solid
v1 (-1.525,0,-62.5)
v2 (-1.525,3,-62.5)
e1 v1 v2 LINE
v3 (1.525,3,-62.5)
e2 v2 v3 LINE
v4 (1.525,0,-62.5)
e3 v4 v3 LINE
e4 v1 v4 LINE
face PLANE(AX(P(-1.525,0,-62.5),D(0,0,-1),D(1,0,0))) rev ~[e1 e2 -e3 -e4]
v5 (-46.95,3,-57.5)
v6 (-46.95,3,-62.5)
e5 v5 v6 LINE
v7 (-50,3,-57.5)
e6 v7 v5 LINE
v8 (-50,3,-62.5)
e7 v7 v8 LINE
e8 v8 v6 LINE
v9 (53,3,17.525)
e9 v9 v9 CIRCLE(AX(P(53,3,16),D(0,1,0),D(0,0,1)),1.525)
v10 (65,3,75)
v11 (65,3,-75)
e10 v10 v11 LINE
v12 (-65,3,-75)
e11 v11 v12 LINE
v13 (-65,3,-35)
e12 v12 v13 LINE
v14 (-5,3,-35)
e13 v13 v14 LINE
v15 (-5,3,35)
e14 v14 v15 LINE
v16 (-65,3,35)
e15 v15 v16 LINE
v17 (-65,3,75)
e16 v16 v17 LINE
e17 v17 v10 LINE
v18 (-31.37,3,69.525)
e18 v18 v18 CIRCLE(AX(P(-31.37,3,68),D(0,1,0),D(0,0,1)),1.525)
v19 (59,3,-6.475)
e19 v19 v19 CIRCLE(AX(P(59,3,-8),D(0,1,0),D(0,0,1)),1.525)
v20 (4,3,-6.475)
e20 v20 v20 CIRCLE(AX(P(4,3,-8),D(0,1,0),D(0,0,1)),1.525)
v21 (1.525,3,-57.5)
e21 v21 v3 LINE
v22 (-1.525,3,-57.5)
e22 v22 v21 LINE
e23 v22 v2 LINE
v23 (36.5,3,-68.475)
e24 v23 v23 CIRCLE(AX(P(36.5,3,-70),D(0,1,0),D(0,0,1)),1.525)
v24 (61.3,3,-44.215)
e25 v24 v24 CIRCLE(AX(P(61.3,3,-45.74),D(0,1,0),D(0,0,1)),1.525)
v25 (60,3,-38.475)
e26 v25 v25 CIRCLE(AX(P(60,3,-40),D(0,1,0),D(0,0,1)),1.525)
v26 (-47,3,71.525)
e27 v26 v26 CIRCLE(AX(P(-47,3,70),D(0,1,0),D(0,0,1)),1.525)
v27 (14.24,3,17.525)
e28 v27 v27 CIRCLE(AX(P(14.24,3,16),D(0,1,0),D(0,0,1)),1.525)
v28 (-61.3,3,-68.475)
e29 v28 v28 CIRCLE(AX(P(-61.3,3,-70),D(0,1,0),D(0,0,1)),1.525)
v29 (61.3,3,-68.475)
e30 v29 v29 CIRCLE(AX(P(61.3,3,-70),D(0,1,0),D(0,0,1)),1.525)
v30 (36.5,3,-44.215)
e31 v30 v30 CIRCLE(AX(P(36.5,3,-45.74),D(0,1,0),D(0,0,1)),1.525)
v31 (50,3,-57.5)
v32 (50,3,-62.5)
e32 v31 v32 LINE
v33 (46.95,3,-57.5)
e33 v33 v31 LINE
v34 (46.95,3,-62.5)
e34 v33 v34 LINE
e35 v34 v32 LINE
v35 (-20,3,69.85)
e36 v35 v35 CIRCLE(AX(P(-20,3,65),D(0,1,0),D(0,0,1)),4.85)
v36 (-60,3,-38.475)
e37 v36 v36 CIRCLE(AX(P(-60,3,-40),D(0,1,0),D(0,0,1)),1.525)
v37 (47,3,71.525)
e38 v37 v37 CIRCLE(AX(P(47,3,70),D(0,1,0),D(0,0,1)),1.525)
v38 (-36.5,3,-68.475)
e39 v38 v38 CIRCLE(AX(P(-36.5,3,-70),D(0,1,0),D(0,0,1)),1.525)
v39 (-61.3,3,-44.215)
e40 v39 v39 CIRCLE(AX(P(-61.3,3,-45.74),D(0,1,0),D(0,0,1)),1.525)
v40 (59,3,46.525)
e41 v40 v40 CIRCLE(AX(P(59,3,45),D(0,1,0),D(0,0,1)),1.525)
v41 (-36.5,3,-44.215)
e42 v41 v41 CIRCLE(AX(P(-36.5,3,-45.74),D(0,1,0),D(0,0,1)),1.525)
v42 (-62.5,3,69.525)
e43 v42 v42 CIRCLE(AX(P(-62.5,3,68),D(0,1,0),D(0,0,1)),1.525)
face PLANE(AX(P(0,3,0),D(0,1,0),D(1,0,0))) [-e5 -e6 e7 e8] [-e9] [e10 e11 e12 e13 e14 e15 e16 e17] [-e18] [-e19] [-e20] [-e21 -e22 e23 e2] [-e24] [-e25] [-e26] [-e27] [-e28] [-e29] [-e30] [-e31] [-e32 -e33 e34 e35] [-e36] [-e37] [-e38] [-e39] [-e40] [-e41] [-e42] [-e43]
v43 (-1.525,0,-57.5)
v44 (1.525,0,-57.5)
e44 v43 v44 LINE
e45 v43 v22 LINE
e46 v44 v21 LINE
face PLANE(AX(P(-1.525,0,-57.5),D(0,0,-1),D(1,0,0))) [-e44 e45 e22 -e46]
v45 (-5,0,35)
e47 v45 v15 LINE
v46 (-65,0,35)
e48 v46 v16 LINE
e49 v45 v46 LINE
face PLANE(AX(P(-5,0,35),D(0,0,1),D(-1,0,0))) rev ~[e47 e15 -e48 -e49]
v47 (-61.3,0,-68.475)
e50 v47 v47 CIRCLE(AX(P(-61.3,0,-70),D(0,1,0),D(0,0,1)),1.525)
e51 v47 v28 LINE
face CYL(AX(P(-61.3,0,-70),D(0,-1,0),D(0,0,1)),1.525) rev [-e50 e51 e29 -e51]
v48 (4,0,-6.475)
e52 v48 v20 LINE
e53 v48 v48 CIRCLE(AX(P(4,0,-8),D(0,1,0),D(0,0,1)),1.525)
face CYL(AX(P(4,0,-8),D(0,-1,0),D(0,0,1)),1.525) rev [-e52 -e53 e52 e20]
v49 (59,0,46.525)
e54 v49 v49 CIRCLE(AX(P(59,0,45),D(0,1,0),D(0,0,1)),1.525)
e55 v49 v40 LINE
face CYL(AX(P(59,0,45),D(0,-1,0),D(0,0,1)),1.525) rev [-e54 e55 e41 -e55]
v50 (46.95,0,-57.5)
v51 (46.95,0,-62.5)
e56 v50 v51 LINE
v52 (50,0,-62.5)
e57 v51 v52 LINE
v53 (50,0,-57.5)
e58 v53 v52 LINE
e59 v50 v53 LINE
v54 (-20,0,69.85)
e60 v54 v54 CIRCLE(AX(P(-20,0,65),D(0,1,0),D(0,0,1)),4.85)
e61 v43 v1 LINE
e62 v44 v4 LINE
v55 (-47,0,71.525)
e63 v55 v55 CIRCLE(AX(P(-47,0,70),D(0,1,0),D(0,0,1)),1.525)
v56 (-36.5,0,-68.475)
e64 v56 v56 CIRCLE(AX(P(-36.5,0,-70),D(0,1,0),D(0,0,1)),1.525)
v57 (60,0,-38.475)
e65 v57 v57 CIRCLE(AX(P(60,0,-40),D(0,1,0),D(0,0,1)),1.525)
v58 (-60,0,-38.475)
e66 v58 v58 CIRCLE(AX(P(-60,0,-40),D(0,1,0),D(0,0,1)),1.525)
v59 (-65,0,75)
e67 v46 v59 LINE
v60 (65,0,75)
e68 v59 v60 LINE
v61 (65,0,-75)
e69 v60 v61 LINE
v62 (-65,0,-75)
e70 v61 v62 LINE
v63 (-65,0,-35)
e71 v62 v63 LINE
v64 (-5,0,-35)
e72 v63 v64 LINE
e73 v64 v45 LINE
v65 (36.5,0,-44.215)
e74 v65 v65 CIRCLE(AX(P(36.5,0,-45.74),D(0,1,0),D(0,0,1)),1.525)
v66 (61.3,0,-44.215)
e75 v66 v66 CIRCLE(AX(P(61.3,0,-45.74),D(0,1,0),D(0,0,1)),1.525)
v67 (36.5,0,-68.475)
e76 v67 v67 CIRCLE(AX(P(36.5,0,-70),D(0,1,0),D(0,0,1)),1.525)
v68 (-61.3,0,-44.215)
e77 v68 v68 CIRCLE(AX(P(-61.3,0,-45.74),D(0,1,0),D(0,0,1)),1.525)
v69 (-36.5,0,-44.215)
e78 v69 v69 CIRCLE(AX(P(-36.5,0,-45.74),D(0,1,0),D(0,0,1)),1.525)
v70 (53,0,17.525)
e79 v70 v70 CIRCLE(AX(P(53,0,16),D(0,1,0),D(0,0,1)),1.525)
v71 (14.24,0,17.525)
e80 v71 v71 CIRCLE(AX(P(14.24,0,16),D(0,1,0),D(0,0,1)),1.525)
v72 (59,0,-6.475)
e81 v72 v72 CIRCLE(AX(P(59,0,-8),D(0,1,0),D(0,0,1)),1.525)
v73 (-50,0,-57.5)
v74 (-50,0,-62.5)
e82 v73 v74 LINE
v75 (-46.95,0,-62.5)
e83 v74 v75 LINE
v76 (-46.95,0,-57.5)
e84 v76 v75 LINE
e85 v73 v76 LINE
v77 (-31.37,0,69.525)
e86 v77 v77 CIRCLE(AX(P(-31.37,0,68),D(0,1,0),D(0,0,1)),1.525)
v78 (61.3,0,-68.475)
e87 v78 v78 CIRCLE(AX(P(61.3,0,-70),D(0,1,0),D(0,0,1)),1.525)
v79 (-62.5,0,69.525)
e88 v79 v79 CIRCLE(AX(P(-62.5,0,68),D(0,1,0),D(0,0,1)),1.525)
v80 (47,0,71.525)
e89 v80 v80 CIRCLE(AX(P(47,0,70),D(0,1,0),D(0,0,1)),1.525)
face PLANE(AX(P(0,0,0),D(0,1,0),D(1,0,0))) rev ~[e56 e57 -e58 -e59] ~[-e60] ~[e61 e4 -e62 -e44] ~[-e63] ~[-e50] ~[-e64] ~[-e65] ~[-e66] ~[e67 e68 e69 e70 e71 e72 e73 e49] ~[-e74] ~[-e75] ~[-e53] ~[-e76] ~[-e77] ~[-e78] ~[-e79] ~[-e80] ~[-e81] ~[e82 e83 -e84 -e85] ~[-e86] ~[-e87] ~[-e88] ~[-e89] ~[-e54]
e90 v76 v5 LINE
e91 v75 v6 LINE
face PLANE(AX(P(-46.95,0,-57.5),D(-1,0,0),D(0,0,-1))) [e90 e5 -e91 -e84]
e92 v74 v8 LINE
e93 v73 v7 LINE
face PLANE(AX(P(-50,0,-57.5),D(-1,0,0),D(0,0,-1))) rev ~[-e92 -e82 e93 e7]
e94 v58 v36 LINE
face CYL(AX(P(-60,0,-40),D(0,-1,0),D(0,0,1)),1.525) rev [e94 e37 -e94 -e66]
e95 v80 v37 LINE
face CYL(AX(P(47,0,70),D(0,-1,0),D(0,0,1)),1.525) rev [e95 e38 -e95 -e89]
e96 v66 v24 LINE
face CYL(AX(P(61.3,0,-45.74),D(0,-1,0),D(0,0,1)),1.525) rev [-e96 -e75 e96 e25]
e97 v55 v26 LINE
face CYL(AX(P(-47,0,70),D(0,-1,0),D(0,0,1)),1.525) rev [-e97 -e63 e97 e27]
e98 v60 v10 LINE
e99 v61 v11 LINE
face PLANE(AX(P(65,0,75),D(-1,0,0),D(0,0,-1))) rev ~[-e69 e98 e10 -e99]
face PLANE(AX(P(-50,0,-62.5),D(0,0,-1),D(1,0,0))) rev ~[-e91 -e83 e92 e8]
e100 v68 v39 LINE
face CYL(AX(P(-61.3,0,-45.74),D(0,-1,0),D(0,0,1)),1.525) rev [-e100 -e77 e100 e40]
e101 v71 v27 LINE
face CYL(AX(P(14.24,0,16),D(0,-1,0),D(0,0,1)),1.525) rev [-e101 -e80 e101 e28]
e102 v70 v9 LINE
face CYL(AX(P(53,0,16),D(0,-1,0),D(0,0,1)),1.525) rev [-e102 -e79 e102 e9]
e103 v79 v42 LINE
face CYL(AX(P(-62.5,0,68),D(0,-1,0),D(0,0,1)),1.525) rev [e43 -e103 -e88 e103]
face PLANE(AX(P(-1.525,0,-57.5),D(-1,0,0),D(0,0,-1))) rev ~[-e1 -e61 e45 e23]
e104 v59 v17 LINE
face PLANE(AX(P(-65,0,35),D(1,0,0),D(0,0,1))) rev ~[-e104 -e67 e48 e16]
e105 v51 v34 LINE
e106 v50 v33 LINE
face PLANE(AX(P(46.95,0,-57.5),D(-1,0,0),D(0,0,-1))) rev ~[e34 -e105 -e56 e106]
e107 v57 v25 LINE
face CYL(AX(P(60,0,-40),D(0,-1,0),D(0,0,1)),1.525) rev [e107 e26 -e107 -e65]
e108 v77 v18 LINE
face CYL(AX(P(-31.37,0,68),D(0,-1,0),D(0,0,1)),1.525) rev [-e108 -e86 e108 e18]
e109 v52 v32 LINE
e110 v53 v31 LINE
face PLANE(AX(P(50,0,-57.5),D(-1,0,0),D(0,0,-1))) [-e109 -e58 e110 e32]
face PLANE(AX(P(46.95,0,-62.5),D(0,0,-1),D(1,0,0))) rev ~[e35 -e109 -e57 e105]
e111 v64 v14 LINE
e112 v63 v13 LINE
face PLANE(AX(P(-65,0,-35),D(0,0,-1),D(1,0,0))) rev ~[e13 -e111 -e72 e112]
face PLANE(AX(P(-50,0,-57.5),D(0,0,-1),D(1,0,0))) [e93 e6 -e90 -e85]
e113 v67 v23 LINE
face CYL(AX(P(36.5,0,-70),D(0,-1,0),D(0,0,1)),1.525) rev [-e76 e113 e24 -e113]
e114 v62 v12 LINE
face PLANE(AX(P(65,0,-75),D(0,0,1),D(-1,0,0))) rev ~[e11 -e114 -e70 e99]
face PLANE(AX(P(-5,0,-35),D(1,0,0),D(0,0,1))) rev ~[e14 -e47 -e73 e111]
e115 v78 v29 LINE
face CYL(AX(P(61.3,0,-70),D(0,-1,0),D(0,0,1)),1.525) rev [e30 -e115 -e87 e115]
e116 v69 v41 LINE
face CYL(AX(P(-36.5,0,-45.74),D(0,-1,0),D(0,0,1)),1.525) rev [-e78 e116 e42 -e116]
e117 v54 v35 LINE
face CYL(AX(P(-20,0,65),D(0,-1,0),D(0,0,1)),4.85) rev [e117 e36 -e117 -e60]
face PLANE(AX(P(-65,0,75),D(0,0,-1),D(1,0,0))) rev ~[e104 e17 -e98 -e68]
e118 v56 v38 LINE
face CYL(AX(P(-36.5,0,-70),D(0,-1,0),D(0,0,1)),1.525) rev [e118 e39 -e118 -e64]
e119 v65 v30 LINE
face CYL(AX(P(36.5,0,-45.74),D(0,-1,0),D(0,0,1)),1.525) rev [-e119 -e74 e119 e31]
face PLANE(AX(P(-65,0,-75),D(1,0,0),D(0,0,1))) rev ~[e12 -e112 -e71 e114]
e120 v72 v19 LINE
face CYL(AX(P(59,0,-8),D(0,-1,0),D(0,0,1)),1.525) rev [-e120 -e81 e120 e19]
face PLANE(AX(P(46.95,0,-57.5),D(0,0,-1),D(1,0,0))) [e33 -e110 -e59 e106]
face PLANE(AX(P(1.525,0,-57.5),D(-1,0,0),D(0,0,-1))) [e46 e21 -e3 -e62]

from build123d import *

# Parameters (mm, degrees)
SKETCH1_R           = 1.525
SKETCH1_R_2         = 4.85
SKETCH1_W           = 3.05
SKETCH1_H           = 5
BOSS_EXTRUDE1_DEPTH = 3


with BuildPart() as part:
    # Sketch1 → Boss-Extrude1 (new body)
    with BuildSketch(Plane(origin=(0, 0, 0), x_dir=(1, 0, 0), z_dir=(0, 1, 0))):
        Polygon((-65, -75), (65, -75), (65, -52.5), (65, -47.5), (65, 75), (-65, 75), (-65, 35), (-5, 35), (-5, -35), (-65, -35), (-65, -47.5), (-65, -52.5), align=None)
        with Locations(Location((-61.3, 70, 0), (0, 0, 270))):
            Circle(SKETCH1_R, mode=Mode.SUBTRACT)
        with Locations(Location((-61.3, 45.74, 0), (0, 0, 270))):
            Circle(SKETCH1_R, mode=Mode.SUBTRACT)
        with Locations(Location((-36.5, 70, 0), (0, 0, 270))):
            Circle(SKETCH1_R, mode=Mode.SUBTRACT)
        with Locations(Location((-36.5, 45.74, 0), (0, 0, 270))):
            Circle(SKETCH1_R, mode=Mode.SUBTRACT)
        with Locations(Location((36.5, 45.74, 0), (0, 0, 270))):
            Circle(SKETCH1_R, mode=Mode.SUBTRACT)
        with Locations(Location((36.5, 70, 0), (0, 0, 270))):
            Circle(SKETCH1_R, mode=Mode.SUBTRACT)
        with Locations(Location((61.3, 45.74, 0), (0, 0, 270))):
            Circle(SKETCH1_R, mode=Mode.SUBTRACT)
        with Locations(Location((61.3, 70, 0), (0, 0, 270))):
            Circle(SKETCH1_R, mode=Mode.SUBTRACT)
        with Locations(Location((-47, -70, 0), (0, 0, 270))):
            Circle(SKETCH1_R, mode=Mode.SUBTRACT)
        with Locations(Location((47, -70, 0), (0, 0, 270))):
            Circle(SKETCH1_R, mode=Mode.SUBTRACT)
        with Locations(Location((-60, 40, 0), (0, 0, 270))):
            Circle(SKETCH1_R, mode=Mode.SUBTRACT)
        with Locations(Location((60, 40, 0), (0, 0, 270))):
            Circle(SKETCH1_R, mode=Mode.SUBTRACT)
        with Locations(Location((59, -45, 0), (0, 0, 270))):
            Circle(SKETCH1_R, mode=Mode.SUBTRACT)
        with Locations(Location((4, 8, 0), (0, 0, 270))):
            Circle(SKETCH1_R, mode=Mode.SUBTRACT)
        with Locations(Location((59, 8, 0), (0, 0, 270))):
            Circle(SKETCH1_R, mode=Mode.SUBTRACT)
        with Locations(Location((53, -16, 0), (0, 0, 270))):
            Circle(SKETCH1_R, mode=Mode.SUBTRACT)
        with Locations(Location((14.24, -16, 0), (0, 0, 270))):
            Circle(SKETCH1_R, mode=Mode.SUBTRACT)
        with Locations(Location((-62.5, -68, 0), (0, 0, 270))):
            Circle(SKETCH1_R, mode=Mode.SUBTRACT)
        with Locations(Location((-31.37, -68, 0), (0, 0, 270))):
            Circle(SKETCH1_R, mode=Mode.SUBTRACT)
        with Locations(Location((-20, -65, 0), (0, 0, 270))):
            Circle(SKETCH1_R_2, mode=Mode.SUBTRACT)
        with Locations((48.475, 60)):
            Rectangle(SKETCH1_W, SKETCH1_H, mode=Mode.SUBTRACT)
        with Locations((-48.475, 60)):
            Rectangle(SKETCH1_W, SKETCH1_H, mode=Mode.SUBTRACT)
        with Locations((0, 60)):
            Rectangle(SKETCH1_W, SKETCH1_H, mode=Mode.SUBTRACT)
    extrude(amount=BOSS_EXTRUDE1_DEPTH)


solid = part.part
